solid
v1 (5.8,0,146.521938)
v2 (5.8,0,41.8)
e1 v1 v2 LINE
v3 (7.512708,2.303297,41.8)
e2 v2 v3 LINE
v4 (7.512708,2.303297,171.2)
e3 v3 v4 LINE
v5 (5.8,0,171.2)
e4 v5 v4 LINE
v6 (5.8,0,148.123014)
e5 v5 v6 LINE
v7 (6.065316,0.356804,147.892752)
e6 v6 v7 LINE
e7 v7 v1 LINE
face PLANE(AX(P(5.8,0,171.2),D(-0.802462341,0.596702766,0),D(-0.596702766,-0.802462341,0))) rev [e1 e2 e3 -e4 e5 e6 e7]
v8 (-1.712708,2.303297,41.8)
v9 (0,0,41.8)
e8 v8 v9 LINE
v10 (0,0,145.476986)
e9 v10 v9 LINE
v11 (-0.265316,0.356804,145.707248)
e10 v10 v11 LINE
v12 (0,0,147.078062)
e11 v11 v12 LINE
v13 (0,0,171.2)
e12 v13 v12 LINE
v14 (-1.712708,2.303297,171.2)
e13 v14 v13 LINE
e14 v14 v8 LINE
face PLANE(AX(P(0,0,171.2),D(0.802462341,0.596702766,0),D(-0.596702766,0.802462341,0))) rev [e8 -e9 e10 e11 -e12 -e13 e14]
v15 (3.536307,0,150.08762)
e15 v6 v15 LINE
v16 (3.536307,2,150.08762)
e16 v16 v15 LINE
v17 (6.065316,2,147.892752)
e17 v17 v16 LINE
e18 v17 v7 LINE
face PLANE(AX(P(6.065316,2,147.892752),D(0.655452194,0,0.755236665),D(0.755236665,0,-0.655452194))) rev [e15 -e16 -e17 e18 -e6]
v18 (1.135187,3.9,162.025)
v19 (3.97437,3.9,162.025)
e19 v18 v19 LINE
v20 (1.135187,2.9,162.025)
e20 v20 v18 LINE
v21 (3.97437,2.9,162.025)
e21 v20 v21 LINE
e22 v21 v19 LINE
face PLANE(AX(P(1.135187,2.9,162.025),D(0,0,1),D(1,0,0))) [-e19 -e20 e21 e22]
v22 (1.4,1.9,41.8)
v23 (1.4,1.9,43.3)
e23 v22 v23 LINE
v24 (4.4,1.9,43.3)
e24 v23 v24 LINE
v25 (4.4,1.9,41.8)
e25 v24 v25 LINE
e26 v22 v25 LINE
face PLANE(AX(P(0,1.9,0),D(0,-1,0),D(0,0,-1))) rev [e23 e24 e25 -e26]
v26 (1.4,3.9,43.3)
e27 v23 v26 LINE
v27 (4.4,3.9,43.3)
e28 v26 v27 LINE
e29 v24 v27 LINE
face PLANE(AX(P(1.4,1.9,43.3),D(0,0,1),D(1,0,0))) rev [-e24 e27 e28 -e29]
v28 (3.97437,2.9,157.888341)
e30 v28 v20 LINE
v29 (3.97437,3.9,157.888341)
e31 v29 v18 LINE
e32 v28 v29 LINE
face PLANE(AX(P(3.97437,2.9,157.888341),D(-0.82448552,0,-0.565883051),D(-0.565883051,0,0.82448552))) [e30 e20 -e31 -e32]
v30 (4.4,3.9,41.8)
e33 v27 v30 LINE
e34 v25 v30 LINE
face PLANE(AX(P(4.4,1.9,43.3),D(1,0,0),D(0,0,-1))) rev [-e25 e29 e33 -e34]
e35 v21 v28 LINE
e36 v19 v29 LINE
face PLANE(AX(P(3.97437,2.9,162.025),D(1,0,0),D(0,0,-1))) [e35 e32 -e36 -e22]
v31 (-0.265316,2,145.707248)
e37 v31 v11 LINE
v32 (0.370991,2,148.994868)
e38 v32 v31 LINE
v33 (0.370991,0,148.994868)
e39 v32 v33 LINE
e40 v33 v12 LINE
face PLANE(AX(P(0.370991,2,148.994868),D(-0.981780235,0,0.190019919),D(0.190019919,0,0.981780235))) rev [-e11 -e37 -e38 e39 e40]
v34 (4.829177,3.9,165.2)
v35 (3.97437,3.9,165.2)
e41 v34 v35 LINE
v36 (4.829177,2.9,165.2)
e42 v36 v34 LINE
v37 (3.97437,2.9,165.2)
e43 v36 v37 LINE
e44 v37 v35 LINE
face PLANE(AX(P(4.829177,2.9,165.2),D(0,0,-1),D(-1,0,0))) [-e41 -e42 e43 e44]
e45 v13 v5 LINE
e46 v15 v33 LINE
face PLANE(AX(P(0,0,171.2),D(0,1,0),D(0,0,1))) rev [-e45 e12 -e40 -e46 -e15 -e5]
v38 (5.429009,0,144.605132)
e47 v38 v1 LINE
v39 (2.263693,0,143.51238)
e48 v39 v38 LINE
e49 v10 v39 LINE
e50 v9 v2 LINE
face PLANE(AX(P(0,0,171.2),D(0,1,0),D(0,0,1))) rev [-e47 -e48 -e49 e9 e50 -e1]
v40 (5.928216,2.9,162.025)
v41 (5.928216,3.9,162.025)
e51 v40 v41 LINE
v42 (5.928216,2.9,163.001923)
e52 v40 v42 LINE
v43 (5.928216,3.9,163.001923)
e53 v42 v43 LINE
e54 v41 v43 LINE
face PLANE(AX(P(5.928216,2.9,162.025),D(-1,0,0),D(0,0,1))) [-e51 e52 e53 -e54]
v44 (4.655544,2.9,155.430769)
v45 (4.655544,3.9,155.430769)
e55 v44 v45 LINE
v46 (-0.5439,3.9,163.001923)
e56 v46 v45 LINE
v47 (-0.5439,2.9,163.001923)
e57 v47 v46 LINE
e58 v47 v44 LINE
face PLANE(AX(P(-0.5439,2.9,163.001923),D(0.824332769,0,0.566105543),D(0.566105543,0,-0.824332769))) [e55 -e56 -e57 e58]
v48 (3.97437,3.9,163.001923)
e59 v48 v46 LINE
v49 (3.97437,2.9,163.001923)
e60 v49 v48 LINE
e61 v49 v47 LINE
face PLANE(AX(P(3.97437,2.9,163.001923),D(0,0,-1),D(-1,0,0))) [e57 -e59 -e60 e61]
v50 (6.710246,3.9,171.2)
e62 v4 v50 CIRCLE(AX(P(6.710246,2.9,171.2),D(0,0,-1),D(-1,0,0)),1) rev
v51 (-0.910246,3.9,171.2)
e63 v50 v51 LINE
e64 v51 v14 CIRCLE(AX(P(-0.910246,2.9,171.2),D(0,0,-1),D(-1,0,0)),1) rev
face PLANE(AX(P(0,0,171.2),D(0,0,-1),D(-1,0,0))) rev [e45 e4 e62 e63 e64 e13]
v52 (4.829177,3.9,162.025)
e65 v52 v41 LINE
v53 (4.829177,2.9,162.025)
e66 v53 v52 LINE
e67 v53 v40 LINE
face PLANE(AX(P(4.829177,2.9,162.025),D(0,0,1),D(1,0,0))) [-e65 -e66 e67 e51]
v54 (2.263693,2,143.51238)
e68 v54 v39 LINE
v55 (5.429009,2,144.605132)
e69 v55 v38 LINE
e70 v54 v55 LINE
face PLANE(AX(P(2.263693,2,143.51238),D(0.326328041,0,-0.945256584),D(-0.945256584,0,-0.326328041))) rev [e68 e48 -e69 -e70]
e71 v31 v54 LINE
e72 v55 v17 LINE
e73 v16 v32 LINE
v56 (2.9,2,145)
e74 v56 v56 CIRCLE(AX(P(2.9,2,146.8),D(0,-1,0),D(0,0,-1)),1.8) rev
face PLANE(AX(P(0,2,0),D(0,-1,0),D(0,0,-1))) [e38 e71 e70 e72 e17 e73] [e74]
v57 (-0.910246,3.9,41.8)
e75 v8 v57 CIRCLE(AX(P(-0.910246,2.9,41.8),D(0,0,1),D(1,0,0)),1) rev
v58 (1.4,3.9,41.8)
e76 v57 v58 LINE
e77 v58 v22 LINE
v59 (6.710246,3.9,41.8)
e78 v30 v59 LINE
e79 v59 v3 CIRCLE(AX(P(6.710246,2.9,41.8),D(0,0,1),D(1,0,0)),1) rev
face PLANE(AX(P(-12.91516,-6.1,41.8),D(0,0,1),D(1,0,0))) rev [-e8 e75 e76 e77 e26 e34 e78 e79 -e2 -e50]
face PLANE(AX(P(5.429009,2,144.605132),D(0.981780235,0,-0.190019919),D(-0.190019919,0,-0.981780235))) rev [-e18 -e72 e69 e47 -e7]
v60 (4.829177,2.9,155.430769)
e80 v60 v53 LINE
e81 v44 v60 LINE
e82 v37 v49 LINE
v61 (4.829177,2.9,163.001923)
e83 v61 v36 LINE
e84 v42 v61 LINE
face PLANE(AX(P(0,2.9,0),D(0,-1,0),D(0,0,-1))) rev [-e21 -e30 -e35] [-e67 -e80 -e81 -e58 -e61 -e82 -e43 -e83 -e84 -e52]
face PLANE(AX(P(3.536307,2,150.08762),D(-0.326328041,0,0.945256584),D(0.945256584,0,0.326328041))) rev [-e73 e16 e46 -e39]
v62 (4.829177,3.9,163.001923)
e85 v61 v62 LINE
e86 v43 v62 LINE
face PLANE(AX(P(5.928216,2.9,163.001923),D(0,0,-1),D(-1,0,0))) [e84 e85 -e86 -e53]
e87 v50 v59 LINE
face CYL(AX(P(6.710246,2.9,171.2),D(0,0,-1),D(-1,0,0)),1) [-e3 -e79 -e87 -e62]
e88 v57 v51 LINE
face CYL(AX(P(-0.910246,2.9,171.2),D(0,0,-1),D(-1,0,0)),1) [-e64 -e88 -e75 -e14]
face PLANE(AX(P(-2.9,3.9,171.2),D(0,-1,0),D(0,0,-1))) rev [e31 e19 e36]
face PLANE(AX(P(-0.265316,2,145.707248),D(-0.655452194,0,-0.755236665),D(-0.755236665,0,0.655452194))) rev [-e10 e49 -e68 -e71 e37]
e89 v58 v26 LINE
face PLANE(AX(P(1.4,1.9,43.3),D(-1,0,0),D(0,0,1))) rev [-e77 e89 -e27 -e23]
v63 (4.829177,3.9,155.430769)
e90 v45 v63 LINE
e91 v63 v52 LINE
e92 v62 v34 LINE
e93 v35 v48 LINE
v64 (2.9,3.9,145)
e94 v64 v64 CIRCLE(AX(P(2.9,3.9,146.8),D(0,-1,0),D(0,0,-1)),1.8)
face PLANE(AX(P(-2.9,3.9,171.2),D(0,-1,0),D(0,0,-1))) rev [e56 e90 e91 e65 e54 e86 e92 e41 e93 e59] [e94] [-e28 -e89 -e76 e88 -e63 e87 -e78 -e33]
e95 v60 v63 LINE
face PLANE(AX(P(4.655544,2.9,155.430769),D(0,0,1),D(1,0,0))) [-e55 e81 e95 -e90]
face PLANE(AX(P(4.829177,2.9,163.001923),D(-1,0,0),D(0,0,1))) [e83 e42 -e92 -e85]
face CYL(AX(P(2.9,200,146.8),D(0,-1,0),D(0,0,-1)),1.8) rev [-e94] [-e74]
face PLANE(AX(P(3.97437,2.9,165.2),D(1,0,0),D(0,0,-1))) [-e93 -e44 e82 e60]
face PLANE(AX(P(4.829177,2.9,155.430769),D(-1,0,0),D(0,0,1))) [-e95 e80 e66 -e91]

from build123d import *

# Parameters (mm, degrees)
BOSS_EXTRUDE1_DEPTH = 171.2
FILLET1_R           = 1
SKETCH2_R           = 1.8
CUT_EXTRUDE1_DEPTH  = 200
CUT_EXTRUDE2_DEPTH  = 2
LPATTERN1_COUNT     = 3
LPATTERN1_PITCH     = 116
CUT_EXTRUDE3_DEPTH  = 1
THICKEN1_T1         = 40
SKETCH5_W           = 43.187551832
SKETCH5_H           = 200
CUT_EXTRUDE4_DEPTH  = 10
SKETCH7_W           = 3
SKETCH7_H           = 3
CUT_EXTRUDE5_DEPTH  = 2


with BuildPart() as part:
    # Sketch1 → Boss-Extrude1 (new body)
    with BuildSketch(Plane.XY):
        Polygon((0, 0), (5.8, 0), (8.7, 3.9), (-2.9, 3.9), align=None)
    extrude(amount=BOSS_EXTRUDE1_DEPTH)

    # Fillet1
    fillet1_edges = [part.edges().sort_by_distance(p)[0] for p in [
        (-2.9, 3.9, 85.6),
        (8.7, 3.9, 85.6),
    ]]
    fillet(fillet1_edges, radius=FILLET1_R)

    # Sketch2 → Cut-Extrude1 (cut)
    with BuildSketch(Plane.XZ):
        with Locations(Location((2.9, 146.8, 0), (0, 0, 270))):
            Circle(SKETCH2_R)
    cut_extrude1 = extrude(amount=-CUT_EXTRUDE1_DEPTH, mode=Mode.SUBTRACT)

    # Sketch3 → Cut-Extrude2 (cut)
    with BuildSketch(Plane.XZ):
        Polygon((3.536306697, 150.087620282), (0.370990666, 148.994867905), (-0.265316031, 145.707247623), (2.263693303, 143.512379718), (5.429009334, 144.605132095), (6.065316031, 147.892752377), align=None)
    cut_extrude2 = extrude(amount=-CUT_EXTRUDE2_DEPTH, mode=Mode.SUBTRACT)

    # LPattern1: Cut-Extrude1, Cut-Extrude2 ×3
    with Locations(*[(0, 0, -i * LPATTERN1_PITCH) for i in range(1, LPATTERN1_COUNT)]):
        add(cut_extrude1, mode=Mode.SUBTRACT)
        add(cut_extrude2, mode=Mode.SUBTRACT)

    # Sketch4 → Cut-Extrude3 (cut)
    with BuildSketch(Plane(origin=(0, 3.9, 0), x_dir=(1, 0, 0), z_dir=(0, 1, 0))):
        Polygon((4.655544406, -155.430769231), (4.829177218, -155.430769231), (4.829177218, -162.025), (5.92821568, -162.025), (5.92821568, -163.001923077), (4.829177218, -163.001923077), (4.829177218, -165.2), (3.974369526, -165.2), (3.974369526, -163.001923077), (-0.543899705, -163.001923077), align=None)
        Polygon((3.974369526, -162.025), (3.974369526, -157.888341346), (1.135186834, -162.025), align=None, mode=Mode.SUBTRACT)
    extrude(amount=-CUT_EXTRUDE3_DEPTH, mode=Mode.SUBTRACT)

    # Surface-Offset1: a surface, a copy of 1 face of the part
    surface_offset1_1 = part.part.faces().sort_by_distance((2.9, 2.093393293, 0))[0]
    add(Solid.thicken(surface_offset1_1, THICKEN1_T1))

    # Sketch5 → Cut-Extrude4 (cut)
    with BuildSketch(Plane(origin=(0, 3.9, 0), x_dir=(1, 0, 0), z_dir=(0, 1, 0))):
        with Locations((8.67861609, 58.2)):
            Rectangle(SKETCH5_W, SKETCH5_H)
    extrude(amount=-CUT_EXTRUDE4_DEPTH, mode=Mode.SUBTRACT)

    # Sketch7 → Cut-Extrude5 (cut)
    with BuildSketch(Plane(origin=(0, 3.9, 0), x_dir=(1, 0, 0), z_dir=(0, 1, 0))):
        with Locations((2.9, -41.8)):
            Rectangle(SKETCH7_W, SKETCH7_H)
    extrude(amount=-CUT_EXTRUDE5_DEPTH, mode=Mode.SUBTRACT)


solid = part.part
